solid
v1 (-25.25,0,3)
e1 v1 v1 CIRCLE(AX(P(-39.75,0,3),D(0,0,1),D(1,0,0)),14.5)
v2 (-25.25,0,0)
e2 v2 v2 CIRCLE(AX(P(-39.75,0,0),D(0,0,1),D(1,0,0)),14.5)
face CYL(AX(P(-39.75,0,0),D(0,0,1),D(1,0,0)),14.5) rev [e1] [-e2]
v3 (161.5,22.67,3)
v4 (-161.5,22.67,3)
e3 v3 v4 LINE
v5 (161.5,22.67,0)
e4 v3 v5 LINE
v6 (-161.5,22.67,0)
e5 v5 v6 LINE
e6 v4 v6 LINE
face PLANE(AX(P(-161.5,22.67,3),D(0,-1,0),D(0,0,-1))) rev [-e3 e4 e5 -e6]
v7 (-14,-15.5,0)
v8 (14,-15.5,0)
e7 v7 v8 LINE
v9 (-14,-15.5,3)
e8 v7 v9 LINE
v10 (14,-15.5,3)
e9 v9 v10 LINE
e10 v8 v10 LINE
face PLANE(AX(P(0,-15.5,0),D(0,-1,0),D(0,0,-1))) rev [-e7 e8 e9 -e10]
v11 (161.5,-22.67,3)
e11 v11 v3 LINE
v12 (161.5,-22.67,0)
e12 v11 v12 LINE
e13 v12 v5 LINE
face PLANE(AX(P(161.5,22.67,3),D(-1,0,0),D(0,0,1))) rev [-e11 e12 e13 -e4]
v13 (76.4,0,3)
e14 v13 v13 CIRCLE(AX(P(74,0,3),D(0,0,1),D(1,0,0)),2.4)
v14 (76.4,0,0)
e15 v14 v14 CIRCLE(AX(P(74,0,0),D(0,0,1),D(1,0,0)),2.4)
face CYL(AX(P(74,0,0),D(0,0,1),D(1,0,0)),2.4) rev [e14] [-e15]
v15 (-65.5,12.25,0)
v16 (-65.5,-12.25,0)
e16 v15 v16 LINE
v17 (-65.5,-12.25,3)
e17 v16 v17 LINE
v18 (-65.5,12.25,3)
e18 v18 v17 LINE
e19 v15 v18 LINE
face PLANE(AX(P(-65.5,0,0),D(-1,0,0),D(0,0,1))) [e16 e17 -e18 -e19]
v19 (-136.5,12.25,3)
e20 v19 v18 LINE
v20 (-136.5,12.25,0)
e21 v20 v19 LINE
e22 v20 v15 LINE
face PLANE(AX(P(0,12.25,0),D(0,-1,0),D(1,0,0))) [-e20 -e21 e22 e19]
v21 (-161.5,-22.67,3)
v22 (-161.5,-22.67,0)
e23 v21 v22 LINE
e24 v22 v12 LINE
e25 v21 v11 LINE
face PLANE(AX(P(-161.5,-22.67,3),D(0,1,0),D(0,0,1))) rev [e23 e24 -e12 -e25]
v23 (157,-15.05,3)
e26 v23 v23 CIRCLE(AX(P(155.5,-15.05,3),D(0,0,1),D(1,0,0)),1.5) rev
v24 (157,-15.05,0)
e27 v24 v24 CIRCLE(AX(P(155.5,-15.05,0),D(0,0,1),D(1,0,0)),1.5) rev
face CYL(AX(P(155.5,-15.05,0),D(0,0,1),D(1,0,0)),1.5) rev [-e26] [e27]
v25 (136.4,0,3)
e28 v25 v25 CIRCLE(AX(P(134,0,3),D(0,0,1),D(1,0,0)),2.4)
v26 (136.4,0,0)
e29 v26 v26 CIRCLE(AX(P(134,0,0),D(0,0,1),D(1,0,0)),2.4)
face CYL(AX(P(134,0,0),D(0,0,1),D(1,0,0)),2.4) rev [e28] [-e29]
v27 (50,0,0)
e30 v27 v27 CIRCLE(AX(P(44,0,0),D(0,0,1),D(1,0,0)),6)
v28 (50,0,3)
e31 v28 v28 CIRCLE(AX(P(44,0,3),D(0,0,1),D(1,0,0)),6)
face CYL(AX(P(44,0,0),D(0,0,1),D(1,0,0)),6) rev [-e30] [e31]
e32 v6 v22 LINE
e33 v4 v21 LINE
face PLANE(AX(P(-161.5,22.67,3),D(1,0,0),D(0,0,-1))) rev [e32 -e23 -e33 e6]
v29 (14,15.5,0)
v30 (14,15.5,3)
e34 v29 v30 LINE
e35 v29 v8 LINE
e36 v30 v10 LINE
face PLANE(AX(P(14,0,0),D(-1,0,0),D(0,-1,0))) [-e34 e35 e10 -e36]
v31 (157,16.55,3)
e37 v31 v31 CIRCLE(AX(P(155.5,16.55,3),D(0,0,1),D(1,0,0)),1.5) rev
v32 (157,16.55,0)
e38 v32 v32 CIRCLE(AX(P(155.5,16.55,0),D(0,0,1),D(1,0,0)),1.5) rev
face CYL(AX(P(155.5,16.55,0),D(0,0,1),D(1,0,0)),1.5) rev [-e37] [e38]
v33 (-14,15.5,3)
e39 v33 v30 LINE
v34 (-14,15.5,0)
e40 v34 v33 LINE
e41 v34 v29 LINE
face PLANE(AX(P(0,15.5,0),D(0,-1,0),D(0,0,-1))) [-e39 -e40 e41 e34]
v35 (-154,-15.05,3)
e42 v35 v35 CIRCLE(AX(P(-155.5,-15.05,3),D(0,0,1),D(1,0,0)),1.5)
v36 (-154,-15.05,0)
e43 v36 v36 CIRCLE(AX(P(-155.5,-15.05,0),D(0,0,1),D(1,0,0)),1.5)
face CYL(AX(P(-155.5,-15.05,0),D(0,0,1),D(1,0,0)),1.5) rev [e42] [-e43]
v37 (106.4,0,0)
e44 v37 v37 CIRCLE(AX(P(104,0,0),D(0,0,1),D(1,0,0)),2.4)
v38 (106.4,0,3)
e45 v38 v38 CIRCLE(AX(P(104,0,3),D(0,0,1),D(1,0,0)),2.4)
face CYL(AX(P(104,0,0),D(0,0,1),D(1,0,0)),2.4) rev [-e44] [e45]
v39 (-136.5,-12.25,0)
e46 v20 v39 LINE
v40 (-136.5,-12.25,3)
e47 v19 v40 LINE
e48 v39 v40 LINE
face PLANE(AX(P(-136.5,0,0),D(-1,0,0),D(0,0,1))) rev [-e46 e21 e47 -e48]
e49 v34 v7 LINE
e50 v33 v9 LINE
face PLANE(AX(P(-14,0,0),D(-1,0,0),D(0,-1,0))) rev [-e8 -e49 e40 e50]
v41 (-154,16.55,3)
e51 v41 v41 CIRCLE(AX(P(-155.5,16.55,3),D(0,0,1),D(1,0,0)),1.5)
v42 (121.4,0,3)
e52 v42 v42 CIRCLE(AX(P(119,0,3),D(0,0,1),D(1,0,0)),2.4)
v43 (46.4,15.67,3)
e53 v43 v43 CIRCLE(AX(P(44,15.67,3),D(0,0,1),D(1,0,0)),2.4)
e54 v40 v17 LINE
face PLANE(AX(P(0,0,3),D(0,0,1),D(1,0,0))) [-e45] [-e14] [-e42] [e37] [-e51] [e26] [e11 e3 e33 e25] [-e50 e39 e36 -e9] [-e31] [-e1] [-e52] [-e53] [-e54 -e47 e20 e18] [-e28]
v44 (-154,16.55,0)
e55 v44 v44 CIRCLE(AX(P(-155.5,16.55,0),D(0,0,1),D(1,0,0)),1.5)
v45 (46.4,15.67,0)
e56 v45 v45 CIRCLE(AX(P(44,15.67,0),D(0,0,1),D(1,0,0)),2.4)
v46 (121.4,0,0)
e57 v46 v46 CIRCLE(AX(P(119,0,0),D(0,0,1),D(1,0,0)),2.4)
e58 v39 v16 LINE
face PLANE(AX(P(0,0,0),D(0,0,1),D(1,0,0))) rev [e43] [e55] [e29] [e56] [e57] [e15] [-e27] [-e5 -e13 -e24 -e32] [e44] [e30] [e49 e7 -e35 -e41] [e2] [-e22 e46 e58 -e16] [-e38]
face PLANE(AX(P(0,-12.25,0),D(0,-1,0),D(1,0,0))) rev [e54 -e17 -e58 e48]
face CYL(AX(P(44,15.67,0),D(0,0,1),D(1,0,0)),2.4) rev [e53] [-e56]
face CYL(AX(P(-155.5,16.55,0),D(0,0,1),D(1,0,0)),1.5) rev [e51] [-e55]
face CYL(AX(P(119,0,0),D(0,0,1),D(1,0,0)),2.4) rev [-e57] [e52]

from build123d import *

# Parameters (mm, degrees)
SKETCH1_W               = 323
SKETCH1_H               = 45.34
BOSS_EXTRUDE1_DEPTH     = 3
SKETCH2_R               = 6
SKETCH2_R_2             = 2.4
SKETCH2_R_3             = 14.5
SKETCH2_R_4             = 1.5
SKETCH2_W               = 71
SKETCH2_H               = 24.5
SKETCH2_W_2             = 28
SKETCH2_H_2             = 31
CUT_EXTRUDE1_DEPTH      = 1
CUT_EXTRUDE1_DEPTH_BACK = 4


with BuildPart() as part:
    # Sketch1 → Boss-Extrude1 (new body)
    with BuildSketch(Plane.XY):
        Rectangle(SKETCH1_W, SKETCH1_H)
    extrude(amount=BOSS_EXTRUDE1_DEPTH)

    # Sketch2 → Cut-Extrude1 (cut, two sides)
    with BuildSketch(Plane.XY.offset(3)) as cut_extrude1_sk:
        with Locations((44, 0)):
            Circle(SKETCH2_R)
        with Locations((74, 0)):
            Circle(SKETCH2_R_2)
        with Locations((44, 15.67)):
            Circle(SKETCH2_R_2)
        with Locations((134, 0)):
            Circle(SKETCH2_R_2)
        with Locations((119, 0)):
            Circle(SKETCH2_R_2)
        with Locations((104, 0)):
            Circle(SKETCH2_R_2)
        with Locations((-39.75, 0)):
            Circle(SKETCH2_R_3)
        with Locations((-155.5, 16.55)):
            Circle(SKETCH2_R_4)
        with Locations((-155.5, -15.05)):
            Circle(SKETCH2_R_4)
        with Locations((155.5, -15.05)):
            Circle(SKETCH2_R_4)
        with Locations((155.5, 16.55)):
            Circle(SKETCH2_R_4)
        with Locations((-101, 0)):
            Rectangle(SKETCH2_W, SKETCH2_H)
        Rectangle(SKETCH2_W_2, SKETCH2_H_2)
    extrude(amount=CUT_EXTRUDE1_DEPTH, mode=Mode.SUBTRACT)
    extrude(cut_extrude1_sk.sketch, amount=-CUT_EXTRUDE1_DEPTH_BACK, mode=Mode.SUBTRACT)


solid = part.part
